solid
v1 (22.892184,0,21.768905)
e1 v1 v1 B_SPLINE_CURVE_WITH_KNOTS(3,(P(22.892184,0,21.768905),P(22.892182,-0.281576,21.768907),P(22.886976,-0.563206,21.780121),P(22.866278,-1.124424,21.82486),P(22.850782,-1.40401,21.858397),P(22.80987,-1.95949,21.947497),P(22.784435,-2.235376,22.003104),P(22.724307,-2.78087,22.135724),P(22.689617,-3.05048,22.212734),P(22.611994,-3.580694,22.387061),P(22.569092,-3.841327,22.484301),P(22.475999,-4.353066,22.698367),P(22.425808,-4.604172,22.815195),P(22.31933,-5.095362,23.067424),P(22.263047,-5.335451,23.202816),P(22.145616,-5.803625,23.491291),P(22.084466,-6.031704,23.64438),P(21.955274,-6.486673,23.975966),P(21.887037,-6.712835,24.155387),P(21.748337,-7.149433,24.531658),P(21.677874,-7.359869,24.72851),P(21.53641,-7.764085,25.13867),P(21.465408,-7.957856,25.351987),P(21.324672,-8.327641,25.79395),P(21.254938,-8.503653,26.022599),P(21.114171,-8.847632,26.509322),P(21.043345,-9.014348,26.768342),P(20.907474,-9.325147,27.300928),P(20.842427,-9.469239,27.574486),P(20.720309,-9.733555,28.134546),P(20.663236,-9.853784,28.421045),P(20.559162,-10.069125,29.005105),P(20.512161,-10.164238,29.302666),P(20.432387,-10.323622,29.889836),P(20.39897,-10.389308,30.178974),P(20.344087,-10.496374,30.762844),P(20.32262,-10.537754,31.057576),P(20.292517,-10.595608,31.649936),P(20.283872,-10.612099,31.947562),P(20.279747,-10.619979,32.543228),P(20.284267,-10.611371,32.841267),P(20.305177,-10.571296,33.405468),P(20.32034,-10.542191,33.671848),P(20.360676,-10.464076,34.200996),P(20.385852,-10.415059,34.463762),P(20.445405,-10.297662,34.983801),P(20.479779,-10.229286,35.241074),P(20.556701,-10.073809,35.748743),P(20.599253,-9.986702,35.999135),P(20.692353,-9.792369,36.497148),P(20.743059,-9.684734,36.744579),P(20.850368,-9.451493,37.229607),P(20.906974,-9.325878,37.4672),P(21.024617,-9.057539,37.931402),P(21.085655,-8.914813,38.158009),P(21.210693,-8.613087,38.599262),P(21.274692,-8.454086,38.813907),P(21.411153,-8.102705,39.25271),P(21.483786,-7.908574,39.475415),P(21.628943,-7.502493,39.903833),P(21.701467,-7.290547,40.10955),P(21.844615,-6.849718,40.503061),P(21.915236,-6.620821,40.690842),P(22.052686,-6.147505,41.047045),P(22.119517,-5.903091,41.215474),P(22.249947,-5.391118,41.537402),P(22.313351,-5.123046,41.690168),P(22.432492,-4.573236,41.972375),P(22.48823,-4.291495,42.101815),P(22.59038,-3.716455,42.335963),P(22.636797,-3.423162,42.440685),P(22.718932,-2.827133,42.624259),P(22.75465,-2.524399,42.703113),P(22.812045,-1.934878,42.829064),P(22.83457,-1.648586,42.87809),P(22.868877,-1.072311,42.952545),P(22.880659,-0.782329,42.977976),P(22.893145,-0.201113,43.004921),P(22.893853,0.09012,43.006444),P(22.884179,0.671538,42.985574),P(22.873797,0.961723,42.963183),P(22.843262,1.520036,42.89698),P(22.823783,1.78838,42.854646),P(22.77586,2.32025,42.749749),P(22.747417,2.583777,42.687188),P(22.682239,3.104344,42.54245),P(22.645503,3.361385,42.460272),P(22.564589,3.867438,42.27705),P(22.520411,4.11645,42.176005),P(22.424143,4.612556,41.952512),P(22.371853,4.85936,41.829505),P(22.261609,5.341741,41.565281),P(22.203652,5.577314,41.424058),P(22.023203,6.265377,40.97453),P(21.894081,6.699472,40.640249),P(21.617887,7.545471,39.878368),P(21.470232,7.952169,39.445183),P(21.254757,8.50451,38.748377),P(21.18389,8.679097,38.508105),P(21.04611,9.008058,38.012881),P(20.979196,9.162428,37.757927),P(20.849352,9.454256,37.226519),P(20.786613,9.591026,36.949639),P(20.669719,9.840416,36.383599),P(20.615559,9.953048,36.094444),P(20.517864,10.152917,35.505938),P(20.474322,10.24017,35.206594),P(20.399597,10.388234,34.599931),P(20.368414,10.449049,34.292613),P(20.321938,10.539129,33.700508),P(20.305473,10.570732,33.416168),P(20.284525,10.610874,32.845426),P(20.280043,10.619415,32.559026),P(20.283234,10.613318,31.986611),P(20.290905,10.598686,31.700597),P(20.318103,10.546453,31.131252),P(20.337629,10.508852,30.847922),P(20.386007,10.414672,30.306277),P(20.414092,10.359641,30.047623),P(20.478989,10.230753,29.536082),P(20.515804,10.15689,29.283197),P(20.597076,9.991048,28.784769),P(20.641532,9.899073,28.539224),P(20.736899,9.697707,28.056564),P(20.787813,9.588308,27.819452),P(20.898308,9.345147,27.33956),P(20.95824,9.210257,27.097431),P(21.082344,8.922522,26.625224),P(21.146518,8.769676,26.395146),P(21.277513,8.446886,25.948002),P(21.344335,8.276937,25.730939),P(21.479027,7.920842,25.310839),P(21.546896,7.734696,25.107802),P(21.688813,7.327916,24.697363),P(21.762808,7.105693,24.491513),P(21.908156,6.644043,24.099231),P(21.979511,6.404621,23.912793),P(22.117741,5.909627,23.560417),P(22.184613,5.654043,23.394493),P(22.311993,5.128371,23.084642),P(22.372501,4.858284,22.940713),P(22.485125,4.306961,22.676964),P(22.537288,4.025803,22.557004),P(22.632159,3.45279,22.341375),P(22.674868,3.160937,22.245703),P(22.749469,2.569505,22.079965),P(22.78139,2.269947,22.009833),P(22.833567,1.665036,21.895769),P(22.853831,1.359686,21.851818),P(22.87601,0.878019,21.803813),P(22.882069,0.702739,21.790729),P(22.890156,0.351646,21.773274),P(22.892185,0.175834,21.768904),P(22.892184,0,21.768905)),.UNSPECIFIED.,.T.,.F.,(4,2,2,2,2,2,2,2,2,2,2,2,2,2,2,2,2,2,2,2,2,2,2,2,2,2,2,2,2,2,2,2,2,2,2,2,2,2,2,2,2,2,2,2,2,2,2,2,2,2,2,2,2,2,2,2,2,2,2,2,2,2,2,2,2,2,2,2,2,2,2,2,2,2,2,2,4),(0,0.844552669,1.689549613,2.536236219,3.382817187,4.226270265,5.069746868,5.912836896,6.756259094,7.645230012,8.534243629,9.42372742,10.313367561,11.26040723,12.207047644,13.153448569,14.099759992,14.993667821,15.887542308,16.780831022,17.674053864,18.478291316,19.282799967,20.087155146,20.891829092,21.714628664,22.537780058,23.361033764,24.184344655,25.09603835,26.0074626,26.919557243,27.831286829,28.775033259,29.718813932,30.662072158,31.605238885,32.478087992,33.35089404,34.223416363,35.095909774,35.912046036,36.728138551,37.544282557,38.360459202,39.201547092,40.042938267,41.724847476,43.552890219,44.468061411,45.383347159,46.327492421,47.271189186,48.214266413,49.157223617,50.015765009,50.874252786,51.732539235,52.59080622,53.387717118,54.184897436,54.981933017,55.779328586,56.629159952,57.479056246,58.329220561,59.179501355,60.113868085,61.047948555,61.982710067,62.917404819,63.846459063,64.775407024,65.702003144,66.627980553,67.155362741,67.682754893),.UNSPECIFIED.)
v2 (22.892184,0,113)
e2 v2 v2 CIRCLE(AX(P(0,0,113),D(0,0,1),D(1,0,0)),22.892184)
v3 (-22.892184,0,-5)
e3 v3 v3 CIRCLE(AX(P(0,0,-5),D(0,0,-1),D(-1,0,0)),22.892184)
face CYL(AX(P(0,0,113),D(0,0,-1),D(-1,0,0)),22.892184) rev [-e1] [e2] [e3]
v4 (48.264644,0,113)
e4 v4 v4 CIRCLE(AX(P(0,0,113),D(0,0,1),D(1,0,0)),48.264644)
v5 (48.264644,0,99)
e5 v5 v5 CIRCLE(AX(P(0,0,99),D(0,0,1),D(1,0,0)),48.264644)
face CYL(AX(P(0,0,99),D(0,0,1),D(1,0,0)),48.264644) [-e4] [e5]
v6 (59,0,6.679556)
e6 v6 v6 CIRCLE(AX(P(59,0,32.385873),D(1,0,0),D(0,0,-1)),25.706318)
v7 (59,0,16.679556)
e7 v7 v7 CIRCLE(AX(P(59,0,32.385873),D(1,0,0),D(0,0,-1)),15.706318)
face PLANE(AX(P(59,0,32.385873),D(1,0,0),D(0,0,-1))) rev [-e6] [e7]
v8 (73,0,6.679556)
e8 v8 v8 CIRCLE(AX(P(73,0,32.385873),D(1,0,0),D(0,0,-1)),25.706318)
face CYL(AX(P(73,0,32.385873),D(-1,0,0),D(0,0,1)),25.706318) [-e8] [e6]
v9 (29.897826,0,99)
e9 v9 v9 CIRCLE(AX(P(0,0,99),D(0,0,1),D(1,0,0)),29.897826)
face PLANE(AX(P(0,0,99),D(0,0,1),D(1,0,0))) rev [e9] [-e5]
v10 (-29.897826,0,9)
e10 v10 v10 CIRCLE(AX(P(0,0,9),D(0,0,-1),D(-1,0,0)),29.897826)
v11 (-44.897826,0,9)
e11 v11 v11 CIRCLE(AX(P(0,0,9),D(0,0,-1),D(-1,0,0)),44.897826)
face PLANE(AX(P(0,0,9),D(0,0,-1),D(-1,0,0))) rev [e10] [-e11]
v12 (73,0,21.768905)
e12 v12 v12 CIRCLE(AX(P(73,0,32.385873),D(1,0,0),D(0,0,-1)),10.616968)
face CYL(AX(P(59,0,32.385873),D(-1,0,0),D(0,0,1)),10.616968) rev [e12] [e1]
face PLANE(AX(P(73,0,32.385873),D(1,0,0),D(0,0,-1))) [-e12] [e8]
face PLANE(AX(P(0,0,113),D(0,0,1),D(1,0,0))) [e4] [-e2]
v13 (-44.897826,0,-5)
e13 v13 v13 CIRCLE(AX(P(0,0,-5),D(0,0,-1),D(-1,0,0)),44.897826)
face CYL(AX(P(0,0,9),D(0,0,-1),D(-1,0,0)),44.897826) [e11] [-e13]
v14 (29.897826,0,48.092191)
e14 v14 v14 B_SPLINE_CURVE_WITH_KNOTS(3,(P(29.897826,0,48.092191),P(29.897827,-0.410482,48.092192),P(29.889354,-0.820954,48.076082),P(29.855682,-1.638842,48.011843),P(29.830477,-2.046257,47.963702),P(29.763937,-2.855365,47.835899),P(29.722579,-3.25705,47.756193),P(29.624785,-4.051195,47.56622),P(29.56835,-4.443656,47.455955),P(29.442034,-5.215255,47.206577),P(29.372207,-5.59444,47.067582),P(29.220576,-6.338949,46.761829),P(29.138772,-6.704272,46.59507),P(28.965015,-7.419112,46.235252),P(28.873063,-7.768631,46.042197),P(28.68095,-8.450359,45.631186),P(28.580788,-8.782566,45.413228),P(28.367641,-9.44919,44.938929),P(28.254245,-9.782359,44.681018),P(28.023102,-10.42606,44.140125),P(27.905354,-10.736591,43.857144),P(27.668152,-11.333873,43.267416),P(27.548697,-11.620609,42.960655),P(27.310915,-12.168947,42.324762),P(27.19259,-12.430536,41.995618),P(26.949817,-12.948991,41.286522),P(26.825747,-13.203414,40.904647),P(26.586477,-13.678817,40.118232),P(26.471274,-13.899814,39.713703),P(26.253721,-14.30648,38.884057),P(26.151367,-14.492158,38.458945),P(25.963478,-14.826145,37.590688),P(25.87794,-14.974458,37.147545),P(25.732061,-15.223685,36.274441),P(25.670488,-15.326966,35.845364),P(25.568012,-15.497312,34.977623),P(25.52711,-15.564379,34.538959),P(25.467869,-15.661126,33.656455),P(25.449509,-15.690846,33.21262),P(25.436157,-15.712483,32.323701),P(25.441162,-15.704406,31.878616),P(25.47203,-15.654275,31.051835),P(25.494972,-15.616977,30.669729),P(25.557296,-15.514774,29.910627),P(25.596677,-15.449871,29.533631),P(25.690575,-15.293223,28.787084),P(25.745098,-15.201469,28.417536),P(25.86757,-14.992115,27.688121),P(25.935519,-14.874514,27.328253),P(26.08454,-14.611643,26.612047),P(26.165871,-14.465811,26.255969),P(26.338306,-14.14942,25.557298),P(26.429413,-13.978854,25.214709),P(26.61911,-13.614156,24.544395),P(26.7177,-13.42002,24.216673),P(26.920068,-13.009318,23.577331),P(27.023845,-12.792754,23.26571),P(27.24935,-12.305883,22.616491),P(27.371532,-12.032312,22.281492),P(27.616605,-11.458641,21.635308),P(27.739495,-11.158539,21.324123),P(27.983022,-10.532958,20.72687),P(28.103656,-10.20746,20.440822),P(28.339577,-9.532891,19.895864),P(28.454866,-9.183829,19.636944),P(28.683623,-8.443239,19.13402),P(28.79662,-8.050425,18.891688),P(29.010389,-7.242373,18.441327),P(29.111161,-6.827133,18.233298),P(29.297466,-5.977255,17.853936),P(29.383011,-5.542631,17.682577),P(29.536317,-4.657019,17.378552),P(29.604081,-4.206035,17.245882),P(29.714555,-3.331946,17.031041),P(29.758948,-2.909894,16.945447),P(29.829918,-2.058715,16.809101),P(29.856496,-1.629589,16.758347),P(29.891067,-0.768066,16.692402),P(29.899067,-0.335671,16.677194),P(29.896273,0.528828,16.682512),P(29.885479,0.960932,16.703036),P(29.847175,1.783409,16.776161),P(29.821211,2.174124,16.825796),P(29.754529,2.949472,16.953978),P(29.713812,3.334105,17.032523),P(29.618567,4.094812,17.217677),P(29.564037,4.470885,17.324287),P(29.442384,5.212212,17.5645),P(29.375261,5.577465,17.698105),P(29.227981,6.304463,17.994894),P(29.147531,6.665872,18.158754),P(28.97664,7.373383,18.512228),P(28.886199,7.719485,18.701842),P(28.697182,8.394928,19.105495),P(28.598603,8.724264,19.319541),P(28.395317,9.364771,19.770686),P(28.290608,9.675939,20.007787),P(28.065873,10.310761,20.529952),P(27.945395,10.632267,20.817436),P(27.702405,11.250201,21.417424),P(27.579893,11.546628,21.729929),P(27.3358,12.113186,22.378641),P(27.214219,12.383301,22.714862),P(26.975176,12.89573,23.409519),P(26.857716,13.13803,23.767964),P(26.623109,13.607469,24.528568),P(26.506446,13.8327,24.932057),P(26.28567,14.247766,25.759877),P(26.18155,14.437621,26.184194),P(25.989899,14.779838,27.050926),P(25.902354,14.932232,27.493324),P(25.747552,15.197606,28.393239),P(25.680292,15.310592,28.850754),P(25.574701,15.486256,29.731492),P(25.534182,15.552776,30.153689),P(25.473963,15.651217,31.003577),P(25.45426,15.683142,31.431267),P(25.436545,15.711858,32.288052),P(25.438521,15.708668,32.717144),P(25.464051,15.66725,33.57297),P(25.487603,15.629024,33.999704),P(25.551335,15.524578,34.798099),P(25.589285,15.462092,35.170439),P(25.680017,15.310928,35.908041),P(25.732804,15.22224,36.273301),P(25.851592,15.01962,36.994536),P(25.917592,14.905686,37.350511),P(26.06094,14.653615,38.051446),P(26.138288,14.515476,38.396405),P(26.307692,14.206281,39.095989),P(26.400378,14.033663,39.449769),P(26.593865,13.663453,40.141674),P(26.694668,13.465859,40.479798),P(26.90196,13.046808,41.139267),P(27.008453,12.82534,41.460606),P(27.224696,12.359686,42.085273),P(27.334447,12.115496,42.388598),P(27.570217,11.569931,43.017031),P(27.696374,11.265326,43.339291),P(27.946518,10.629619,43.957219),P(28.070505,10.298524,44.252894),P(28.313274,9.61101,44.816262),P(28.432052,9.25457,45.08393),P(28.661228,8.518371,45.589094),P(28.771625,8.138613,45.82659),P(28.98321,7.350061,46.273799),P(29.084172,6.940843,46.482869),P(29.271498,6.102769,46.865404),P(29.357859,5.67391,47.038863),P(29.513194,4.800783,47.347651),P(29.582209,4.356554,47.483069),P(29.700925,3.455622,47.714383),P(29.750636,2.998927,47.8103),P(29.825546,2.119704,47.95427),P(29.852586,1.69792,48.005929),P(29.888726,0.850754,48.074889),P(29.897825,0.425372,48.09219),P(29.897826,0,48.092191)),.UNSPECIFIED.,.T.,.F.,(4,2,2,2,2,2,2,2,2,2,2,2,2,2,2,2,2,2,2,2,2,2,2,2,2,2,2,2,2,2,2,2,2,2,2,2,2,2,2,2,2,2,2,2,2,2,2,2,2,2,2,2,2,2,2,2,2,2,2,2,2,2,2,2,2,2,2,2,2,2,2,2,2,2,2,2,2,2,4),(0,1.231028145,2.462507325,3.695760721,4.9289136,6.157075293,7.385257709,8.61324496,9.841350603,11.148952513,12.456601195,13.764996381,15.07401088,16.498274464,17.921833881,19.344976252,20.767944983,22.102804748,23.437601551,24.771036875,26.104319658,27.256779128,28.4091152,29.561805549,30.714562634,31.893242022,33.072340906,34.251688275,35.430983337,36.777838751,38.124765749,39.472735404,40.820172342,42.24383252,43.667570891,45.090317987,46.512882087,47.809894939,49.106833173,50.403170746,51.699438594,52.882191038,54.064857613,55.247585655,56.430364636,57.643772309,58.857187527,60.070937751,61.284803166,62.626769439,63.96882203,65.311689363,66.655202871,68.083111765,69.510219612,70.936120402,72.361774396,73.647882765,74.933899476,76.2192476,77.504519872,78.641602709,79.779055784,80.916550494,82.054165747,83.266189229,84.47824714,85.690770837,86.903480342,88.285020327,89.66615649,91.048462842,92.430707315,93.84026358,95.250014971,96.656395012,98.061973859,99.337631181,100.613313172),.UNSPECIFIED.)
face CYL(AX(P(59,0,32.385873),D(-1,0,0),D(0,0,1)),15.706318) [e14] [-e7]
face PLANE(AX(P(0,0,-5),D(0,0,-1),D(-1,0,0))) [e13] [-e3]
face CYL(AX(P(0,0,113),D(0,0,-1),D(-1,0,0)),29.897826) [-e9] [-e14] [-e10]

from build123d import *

# Parameters (mm, degrees)
SKETCH1_R          = 29.897826087
SKETCH1_R_2        = 22.892183977
EXTRUDE1_DEPTH     = 113
SKETCH2_R          = 15.706317554
SKETCH2_R_2        = 10.616968436
EXTRUDE2_DEPTH     = 59
CUT_EXTRUDE1_START = -222
SKETCH3_R          = 22.892183977
CUT_EXTRUDE1_DEPTH = 222
CUT_EXTRUDE2_START = -48
SKETCH4_R          = 10.616968436
CUT_EXTRUDE2_DEPTH = 48
EXTRUDE3_START     = -14
SKETCH5_R          = 48.264644084
SKETCH5_R_2        = 29.897826087
EXTRUDE3_DEPTH     = 14
SKETCH6_R          = 44.897826087
SKETCH6_R_2        = 29.897826087
EXTRUDE4_DEPTH     = 9
EXTRUDE5_START     = 5
SKETCH7_R          = 44.897826087
SKETCH7_R_2        = 22.892183977
EXTRUDE5_DEPTH     = 5
SKETCH8_R          = 25.706317554
SKETCH8_R_2        = 10.616968436
EXTRUDE6_DEPTH     = 14


with BuildPart() as part:
    # Sketch1 → Extrude1 (new body)
    with BuildSketch(Plane.XY):
        Circle(SKETCH1_R)
        Circle(SKETCH1_R_2, mode=Mode.SUBTRACT)
    extrude(amount=EXTRUDE1_DEPTH)

    # Sketch2 → Extrude2 (add)
    with BuildSketch(Plane(origin=(0, 0, 0), x_dir=(0, 0, -1), z_dir=(1, 0, 0))):
        with Locations((-32.385873212, 0)):
            Circle(SKETCH2_R)
        with Locations(Location((-32.385873212, 0, 0), (0, 0, 180))):
            Circle(SKETCH2_R_2, mode=Mode.SUBTRACT)
    extrude(amount=EXTRUDE2_DEPTH)

    # Sketch3 → Cut-Extrude1 (cut)
    with BuildSketch(Plane.XY.offset(113).offset(CUT_EXTRUDE1_START)):
        Circle(SKETCH3_R)
    extrude(amount=CUT_EXTRUDE1_DEPTH, mode=Mode.SUBTRACT)

    # Sketch4 → Cut-Extrude2 (cut)
    with BuildSketch(Plane(origin=(59, 0, 0), x_dir=(0, 0, -1), z_dir=(1, 0, 0)).offset(CUT_EXTRUDE2_START)):
        with Locations((-32.385873212, 0)):
            Circle(SKETCH4_R)
    extrude(amount=CUT_EXTRUDE2_DEPTH, mode=Mode.SUBTRACT)

    # Sketch5 → Extrude3 (add)
    with BuildSketch(Plane.XY.offset(113).offset(EXTRUDE3_START)):
        Circle(SKETCH5_R)
        Circle(SKETCH5_R_2, mode=Mode.SUBTRACT)
    extrude(amount=EXTRUDE3_DEPTH)

    # Sketch6 → Extrude4 (add)
    with BuildSketch(Plane(origin=(0, 0, 0), x_dir=(-1, 0, 0), z_dir=(0, 0, -1))):
        Circle(SKETCH6_R)
        Circle(SKETCH6_R_2, mode=Mode.SUBTRACT)
    extrude(amount=-EXTRUDE4_DEPTH)

    # Sketch7 → Extrude5 (add)
    with BuildSketch(Plane(origin=(0, 0, 0), x_dir=(-1, 0, 0), z_dir=(0, 0, -1)).offset(EXTRUDE5_START)):
        Circle(SKETCH7_R)
        Circle(SKETCH7_R_2, mode=Mode.SUBTRACT)
    extrude(amount=-EXTRUDE5_DEPTH)

    # Sketch8 → Extrude6 (add)
    with BuildSketch(Plane(origin=(59, 0, 0), x_dir=(0, 0, -1), z_dir=(1, 0, 0))):
        with Locations((-32.385873212, 0)):
            Circle(SKETCH8_R)
        with Locations((-32.385873212, 0)):
            Circle(SKETCH8_R_2, mode=Mode.SUBTRACT)
    extrude(amount=EXTRUDE6_DEPTH)


solid = part.part
